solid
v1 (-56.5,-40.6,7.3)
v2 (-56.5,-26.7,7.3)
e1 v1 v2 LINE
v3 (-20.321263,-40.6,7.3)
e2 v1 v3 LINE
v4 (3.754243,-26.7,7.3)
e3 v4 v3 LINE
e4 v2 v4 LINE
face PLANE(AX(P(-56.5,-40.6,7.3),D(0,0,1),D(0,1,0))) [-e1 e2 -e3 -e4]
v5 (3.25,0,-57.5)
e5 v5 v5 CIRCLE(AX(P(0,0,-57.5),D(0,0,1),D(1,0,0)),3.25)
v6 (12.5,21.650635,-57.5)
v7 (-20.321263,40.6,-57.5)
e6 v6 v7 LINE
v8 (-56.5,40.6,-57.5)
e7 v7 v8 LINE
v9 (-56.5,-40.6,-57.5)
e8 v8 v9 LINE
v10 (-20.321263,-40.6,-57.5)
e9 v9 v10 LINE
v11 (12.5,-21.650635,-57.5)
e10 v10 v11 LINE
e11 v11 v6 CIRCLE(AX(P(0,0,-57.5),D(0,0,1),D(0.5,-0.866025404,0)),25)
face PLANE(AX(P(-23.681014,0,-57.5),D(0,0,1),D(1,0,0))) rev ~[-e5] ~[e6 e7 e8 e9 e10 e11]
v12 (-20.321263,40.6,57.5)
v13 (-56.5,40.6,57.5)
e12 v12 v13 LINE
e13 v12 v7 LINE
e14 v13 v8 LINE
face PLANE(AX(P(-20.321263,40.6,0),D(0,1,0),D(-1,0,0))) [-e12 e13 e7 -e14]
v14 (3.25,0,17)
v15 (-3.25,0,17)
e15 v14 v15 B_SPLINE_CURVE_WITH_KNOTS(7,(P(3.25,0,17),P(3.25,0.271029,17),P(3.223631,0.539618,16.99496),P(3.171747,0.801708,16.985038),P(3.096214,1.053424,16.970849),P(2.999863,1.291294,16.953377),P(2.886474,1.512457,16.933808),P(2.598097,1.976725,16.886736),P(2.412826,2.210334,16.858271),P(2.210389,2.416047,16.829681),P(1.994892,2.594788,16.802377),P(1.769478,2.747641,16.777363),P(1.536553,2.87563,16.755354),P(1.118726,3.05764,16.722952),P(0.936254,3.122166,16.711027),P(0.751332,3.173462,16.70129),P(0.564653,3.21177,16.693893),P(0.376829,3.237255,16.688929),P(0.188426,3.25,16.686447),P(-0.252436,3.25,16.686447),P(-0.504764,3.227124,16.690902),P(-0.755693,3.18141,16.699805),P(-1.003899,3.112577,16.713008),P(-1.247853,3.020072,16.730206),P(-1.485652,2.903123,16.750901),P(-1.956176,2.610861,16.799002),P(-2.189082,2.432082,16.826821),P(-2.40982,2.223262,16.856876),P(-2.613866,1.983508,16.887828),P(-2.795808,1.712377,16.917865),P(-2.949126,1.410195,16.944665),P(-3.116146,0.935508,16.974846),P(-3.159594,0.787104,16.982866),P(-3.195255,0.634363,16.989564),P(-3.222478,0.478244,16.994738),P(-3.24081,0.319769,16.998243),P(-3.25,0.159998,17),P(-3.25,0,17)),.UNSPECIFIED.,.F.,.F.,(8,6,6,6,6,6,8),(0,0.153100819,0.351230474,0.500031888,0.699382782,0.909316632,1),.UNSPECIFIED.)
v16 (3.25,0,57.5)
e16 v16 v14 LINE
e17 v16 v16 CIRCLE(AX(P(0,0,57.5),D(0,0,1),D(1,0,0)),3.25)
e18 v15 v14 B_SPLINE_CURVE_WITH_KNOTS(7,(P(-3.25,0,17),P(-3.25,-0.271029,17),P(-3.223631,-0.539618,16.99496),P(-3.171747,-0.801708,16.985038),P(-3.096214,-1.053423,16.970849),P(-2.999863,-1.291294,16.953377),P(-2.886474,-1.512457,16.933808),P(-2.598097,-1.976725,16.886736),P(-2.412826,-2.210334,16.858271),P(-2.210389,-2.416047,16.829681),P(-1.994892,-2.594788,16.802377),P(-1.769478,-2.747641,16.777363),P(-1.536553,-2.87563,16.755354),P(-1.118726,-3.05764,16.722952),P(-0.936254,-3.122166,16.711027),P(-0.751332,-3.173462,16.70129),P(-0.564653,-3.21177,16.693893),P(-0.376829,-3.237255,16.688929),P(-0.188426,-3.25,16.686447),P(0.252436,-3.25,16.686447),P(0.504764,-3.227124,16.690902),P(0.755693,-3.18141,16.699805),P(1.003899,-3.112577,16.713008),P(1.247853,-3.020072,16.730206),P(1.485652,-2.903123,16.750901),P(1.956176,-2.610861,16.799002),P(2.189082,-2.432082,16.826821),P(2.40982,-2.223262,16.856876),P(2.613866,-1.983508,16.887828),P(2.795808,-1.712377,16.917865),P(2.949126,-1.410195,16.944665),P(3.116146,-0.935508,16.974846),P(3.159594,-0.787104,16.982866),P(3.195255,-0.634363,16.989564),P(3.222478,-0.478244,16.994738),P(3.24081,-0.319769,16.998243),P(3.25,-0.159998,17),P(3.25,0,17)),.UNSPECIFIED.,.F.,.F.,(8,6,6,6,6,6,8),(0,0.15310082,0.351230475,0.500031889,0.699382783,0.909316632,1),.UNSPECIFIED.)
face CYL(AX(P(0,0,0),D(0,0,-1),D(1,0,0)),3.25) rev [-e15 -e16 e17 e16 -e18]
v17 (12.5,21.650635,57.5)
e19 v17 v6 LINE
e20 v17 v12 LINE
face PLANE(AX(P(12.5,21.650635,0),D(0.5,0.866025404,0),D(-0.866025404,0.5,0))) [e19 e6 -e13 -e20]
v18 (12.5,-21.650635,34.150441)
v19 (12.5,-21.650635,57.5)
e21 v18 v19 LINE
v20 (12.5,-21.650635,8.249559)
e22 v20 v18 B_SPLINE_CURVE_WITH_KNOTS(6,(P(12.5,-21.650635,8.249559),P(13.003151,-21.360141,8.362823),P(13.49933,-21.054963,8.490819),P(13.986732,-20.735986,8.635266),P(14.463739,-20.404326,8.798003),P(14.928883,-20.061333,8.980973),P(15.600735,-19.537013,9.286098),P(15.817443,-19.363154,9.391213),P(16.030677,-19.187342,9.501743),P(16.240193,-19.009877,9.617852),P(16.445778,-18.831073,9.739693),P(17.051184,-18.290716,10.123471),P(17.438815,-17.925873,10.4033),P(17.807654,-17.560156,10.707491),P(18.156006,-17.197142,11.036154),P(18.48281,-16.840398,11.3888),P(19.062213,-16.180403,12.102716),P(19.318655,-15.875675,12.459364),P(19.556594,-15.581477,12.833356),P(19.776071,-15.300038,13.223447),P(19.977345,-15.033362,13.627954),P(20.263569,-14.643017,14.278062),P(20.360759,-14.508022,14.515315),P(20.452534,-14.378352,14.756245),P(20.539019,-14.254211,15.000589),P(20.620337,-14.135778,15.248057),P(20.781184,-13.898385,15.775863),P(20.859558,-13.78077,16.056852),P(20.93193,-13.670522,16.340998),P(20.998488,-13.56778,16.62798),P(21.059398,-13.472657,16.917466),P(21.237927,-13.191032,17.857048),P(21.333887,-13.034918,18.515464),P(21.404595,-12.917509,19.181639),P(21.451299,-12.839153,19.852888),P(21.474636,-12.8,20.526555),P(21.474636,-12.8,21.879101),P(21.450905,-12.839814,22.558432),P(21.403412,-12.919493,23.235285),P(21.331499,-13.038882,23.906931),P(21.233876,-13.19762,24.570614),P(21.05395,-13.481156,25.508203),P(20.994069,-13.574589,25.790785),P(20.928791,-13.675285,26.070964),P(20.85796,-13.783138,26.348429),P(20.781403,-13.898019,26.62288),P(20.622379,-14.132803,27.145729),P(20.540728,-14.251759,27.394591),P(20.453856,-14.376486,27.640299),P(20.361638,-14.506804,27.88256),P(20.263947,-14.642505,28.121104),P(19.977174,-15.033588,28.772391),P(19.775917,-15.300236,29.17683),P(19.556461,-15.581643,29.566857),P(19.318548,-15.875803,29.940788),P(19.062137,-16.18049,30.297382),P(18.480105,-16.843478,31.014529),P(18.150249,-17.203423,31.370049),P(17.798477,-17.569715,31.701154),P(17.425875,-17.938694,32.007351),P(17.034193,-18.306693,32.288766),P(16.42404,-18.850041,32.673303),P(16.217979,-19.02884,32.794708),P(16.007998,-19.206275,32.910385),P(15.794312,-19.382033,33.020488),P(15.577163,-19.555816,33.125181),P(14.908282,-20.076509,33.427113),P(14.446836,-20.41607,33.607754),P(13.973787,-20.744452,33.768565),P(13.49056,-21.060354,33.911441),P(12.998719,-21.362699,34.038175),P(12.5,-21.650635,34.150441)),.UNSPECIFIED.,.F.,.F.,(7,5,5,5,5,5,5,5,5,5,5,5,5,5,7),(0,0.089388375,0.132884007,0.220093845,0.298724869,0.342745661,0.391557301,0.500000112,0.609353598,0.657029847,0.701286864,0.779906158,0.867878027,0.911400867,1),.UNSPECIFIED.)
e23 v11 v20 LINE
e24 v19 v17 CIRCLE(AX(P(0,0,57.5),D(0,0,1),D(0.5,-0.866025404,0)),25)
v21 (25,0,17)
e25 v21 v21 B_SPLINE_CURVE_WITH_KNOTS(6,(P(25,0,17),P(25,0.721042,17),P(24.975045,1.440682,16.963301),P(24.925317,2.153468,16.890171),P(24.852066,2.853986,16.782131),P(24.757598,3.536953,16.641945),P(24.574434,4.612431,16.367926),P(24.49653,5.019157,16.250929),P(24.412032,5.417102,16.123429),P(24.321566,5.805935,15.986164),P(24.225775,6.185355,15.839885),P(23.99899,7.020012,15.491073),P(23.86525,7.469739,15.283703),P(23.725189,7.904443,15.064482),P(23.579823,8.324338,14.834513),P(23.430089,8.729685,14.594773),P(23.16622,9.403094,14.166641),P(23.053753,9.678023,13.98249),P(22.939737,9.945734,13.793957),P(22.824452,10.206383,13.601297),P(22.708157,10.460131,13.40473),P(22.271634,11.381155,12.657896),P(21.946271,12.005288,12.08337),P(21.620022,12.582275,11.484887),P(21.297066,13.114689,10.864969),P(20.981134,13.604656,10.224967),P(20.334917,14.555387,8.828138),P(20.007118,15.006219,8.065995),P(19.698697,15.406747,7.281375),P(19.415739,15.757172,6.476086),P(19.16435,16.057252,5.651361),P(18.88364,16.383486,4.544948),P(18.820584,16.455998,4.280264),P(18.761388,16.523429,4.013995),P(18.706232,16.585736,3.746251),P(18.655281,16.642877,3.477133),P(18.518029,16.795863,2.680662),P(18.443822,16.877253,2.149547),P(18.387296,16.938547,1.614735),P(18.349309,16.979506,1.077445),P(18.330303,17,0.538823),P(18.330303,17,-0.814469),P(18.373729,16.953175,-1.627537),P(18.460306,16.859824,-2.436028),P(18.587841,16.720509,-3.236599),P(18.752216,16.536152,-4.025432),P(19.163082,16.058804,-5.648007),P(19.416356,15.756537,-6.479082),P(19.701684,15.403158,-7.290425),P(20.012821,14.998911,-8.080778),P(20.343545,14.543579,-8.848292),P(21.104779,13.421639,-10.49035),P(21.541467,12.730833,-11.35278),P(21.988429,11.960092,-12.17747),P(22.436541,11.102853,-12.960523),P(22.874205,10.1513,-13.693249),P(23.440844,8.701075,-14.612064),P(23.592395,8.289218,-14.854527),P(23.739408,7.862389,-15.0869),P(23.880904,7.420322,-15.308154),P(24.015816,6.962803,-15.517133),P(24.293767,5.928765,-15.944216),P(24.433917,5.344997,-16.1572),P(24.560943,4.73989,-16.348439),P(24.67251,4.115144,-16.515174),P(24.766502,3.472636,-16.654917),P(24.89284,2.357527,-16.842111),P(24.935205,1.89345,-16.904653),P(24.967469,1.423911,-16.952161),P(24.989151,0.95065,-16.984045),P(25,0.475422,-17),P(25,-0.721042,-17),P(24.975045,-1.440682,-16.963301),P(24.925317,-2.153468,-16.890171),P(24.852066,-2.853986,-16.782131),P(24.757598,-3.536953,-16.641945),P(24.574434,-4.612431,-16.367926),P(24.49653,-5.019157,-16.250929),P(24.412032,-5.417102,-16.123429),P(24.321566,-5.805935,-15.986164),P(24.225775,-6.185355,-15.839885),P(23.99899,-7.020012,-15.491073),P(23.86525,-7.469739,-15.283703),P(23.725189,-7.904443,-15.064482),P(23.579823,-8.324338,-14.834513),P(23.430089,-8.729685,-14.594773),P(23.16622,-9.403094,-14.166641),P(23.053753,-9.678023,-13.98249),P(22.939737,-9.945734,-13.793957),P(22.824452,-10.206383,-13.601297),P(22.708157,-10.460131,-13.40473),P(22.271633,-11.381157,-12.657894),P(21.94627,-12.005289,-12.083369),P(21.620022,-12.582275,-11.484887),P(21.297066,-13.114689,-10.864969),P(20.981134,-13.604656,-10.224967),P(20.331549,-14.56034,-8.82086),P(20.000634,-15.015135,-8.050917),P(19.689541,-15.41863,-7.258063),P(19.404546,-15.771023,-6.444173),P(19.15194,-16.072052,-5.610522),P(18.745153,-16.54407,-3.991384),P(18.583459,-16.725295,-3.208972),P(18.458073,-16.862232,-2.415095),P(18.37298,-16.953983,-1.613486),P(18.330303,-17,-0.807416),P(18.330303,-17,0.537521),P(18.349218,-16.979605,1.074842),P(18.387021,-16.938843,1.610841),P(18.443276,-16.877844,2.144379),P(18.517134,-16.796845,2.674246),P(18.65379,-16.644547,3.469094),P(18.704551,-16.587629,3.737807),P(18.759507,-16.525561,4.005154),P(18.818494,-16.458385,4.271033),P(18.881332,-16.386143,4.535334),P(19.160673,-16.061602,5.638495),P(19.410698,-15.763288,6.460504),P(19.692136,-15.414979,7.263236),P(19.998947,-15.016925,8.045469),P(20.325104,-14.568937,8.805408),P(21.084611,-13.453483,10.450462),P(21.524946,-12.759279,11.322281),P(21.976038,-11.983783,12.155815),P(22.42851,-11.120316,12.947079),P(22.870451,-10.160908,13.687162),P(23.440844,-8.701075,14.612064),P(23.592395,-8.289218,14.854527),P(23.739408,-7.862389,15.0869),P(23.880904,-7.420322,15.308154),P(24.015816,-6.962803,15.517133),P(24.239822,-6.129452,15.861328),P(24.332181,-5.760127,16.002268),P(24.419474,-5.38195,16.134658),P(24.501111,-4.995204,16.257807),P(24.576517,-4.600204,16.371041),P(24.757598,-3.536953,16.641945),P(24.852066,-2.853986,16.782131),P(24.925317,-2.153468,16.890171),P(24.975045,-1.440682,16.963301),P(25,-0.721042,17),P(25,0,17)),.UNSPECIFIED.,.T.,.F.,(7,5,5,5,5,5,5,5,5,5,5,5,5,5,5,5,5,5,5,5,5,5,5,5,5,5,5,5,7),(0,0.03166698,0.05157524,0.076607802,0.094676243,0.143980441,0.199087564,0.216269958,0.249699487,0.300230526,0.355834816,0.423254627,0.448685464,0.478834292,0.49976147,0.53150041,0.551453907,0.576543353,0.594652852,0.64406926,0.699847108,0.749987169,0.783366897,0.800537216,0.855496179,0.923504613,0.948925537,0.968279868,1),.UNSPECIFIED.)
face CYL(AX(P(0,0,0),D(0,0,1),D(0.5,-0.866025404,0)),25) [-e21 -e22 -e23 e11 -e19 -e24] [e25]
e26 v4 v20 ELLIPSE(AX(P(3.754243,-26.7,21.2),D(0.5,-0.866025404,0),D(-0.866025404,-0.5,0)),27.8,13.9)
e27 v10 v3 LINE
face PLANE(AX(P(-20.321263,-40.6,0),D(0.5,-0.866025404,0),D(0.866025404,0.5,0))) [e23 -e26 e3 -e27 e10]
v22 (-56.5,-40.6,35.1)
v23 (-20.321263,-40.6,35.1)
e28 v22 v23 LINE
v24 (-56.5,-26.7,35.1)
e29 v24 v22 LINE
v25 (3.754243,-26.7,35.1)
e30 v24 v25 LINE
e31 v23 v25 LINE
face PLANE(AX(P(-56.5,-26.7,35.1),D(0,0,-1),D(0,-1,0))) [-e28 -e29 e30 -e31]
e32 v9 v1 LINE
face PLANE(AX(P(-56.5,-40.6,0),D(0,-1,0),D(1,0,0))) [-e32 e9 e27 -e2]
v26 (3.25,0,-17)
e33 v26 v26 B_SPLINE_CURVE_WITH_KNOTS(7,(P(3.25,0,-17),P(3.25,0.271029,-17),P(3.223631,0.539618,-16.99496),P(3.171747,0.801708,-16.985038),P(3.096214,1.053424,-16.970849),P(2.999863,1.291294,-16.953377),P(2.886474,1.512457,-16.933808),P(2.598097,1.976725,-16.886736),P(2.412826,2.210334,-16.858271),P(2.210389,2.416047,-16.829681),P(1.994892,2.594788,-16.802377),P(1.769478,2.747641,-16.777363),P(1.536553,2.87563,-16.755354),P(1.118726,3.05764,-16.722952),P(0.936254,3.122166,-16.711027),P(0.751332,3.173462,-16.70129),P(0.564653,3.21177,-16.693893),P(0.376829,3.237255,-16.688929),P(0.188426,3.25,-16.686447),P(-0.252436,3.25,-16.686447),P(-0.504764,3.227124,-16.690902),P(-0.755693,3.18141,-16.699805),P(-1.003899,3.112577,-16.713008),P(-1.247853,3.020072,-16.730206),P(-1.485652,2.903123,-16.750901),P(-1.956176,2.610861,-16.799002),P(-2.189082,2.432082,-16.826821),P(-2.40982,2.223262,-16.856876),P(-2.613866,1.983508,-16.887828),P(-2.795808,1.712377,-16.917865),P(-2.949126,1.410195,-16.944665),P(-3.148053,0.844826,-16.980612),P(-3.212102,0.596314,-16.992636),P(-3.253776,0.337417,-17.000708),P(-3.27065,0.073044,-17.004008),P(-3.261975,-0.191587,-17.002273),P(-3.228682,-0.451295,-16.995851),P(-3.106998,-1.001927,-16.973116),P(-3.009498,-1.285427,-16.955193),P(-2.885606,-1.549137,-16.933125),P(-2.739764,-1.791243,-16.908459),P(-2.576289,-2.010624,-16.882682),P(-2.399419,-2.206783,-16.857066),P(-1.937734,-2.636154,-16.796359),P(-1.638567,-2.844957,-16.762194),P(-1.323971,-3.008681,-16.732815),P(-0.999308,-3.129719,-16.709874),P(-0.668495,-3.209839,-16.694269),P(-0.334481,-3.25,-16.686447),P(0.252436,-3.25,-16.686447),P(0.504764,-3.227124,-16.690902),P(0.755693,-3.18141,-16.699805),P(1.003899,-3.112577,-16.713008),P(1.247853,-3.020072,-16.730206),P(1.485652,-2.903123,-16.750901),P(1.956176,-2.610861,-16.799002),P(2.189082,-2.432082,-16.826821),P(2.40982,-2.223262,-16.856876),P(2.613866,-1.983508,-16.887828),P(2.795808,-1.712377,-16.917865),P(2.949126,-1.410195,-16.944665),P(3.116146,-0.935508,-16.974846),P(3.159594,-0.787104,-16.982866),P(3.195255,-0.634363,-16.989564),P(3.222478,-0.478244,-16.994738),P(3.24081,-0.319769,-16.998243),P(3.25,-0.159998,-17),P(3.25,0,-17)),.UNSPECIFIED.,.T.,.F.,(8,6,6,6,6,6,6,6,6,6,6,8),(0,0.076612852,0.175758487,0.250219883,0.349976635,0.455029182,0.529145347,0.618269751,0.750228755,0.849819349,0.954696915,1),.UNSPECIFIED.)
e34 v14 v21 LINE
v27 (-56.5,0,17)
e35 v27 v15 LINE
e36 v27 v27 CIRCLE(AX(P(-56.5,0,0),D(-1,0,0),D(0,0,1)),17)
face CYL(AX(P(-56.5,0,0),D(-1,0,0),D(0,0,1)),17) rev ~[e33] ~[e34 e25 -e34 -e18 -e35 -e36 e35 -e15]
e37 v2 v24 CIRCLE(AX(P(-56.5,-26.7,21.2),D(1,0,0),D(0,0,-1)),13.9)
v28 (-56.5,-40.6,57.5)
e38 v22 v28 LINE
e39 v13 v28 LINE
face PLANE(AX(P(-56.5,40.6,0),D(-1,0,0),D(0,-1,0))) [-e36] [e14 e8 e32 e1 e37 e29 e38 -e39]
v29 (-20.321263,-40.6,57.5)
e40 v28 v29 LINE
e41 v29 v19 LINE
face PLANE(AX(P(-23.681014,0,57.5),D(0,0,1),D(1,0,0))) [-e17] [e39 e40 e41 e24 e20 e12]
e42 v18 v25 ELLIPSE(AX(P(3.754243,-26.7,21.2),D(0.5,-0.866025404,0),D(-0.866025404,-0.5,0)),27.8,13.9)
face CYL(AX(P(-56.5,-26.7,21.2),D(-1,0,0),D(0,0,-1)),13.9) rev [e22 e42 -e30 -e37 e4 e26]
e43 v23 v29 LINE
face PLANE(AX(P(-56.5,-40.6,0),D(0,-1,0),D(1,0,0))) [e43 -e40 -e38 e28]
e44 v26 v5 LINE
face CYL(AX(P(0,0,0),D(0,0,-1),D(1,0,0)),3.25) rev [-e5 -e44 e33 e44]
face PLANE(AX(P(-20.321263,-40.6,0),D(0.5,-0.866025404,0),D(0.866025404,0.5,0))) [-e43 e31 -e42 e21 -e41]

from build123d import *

# Parameters (mm, degrees)
ESQUISSE2_R      = 3.25
EXTRUSION1_DEPTH = 57.5
ESQUISSE5_R      = 17
EXTRUSION3_DEPTH = 108.688718072


with BuildPart() as part:
    # Esquisse2 → Extrusion1 (new, symmetric)
    with BuildSketch(Plane.XY):
        with BuildLine():
            Line((-56.5, 40.6), (-56.5, -40.6))
            Line((-56.5, -40.6), (-20.321262787, -40.6))
            Line((-20.321262787, -40.6), (12.5, -21.650635095))
            ThreePointArc((12.5, -21.650635095), (25, 0), (12.5, 21.650635095))
            Line((12.5, 21.650635095), (-20.321262787, 40.6))
            Line((-20.321262787, 40.6), (-56.5, 40.6))
        make_face()
        Circle(ESQUISSE2_R, mode=Mode.SUBTRACT)
    extrude(amount=EXTRUSION1_DEPTH, both=True)

    # Esquisse5 → Extrusion3 (cut, through all)
    with BuildSketch(Plane.ZY.offset(56.5)):
        Circle(ESQUISSE5_R)
        with BuildLine():
            Line((7.3, -40.6), (7.3, -26.7))
            ThreePointArc((7.3, -26.7), (21.2, -12.8), (35.1, -26.7))
            Line((35.1, -26.7), (35.1, -40.6))
            Line((35.1, -40.6), (7.3, -40.6))
        make_face()
    extrude(amount=-EXTRUSION3_DEPTH, mode=Mode.SUBTRACT)


solid = part.part
